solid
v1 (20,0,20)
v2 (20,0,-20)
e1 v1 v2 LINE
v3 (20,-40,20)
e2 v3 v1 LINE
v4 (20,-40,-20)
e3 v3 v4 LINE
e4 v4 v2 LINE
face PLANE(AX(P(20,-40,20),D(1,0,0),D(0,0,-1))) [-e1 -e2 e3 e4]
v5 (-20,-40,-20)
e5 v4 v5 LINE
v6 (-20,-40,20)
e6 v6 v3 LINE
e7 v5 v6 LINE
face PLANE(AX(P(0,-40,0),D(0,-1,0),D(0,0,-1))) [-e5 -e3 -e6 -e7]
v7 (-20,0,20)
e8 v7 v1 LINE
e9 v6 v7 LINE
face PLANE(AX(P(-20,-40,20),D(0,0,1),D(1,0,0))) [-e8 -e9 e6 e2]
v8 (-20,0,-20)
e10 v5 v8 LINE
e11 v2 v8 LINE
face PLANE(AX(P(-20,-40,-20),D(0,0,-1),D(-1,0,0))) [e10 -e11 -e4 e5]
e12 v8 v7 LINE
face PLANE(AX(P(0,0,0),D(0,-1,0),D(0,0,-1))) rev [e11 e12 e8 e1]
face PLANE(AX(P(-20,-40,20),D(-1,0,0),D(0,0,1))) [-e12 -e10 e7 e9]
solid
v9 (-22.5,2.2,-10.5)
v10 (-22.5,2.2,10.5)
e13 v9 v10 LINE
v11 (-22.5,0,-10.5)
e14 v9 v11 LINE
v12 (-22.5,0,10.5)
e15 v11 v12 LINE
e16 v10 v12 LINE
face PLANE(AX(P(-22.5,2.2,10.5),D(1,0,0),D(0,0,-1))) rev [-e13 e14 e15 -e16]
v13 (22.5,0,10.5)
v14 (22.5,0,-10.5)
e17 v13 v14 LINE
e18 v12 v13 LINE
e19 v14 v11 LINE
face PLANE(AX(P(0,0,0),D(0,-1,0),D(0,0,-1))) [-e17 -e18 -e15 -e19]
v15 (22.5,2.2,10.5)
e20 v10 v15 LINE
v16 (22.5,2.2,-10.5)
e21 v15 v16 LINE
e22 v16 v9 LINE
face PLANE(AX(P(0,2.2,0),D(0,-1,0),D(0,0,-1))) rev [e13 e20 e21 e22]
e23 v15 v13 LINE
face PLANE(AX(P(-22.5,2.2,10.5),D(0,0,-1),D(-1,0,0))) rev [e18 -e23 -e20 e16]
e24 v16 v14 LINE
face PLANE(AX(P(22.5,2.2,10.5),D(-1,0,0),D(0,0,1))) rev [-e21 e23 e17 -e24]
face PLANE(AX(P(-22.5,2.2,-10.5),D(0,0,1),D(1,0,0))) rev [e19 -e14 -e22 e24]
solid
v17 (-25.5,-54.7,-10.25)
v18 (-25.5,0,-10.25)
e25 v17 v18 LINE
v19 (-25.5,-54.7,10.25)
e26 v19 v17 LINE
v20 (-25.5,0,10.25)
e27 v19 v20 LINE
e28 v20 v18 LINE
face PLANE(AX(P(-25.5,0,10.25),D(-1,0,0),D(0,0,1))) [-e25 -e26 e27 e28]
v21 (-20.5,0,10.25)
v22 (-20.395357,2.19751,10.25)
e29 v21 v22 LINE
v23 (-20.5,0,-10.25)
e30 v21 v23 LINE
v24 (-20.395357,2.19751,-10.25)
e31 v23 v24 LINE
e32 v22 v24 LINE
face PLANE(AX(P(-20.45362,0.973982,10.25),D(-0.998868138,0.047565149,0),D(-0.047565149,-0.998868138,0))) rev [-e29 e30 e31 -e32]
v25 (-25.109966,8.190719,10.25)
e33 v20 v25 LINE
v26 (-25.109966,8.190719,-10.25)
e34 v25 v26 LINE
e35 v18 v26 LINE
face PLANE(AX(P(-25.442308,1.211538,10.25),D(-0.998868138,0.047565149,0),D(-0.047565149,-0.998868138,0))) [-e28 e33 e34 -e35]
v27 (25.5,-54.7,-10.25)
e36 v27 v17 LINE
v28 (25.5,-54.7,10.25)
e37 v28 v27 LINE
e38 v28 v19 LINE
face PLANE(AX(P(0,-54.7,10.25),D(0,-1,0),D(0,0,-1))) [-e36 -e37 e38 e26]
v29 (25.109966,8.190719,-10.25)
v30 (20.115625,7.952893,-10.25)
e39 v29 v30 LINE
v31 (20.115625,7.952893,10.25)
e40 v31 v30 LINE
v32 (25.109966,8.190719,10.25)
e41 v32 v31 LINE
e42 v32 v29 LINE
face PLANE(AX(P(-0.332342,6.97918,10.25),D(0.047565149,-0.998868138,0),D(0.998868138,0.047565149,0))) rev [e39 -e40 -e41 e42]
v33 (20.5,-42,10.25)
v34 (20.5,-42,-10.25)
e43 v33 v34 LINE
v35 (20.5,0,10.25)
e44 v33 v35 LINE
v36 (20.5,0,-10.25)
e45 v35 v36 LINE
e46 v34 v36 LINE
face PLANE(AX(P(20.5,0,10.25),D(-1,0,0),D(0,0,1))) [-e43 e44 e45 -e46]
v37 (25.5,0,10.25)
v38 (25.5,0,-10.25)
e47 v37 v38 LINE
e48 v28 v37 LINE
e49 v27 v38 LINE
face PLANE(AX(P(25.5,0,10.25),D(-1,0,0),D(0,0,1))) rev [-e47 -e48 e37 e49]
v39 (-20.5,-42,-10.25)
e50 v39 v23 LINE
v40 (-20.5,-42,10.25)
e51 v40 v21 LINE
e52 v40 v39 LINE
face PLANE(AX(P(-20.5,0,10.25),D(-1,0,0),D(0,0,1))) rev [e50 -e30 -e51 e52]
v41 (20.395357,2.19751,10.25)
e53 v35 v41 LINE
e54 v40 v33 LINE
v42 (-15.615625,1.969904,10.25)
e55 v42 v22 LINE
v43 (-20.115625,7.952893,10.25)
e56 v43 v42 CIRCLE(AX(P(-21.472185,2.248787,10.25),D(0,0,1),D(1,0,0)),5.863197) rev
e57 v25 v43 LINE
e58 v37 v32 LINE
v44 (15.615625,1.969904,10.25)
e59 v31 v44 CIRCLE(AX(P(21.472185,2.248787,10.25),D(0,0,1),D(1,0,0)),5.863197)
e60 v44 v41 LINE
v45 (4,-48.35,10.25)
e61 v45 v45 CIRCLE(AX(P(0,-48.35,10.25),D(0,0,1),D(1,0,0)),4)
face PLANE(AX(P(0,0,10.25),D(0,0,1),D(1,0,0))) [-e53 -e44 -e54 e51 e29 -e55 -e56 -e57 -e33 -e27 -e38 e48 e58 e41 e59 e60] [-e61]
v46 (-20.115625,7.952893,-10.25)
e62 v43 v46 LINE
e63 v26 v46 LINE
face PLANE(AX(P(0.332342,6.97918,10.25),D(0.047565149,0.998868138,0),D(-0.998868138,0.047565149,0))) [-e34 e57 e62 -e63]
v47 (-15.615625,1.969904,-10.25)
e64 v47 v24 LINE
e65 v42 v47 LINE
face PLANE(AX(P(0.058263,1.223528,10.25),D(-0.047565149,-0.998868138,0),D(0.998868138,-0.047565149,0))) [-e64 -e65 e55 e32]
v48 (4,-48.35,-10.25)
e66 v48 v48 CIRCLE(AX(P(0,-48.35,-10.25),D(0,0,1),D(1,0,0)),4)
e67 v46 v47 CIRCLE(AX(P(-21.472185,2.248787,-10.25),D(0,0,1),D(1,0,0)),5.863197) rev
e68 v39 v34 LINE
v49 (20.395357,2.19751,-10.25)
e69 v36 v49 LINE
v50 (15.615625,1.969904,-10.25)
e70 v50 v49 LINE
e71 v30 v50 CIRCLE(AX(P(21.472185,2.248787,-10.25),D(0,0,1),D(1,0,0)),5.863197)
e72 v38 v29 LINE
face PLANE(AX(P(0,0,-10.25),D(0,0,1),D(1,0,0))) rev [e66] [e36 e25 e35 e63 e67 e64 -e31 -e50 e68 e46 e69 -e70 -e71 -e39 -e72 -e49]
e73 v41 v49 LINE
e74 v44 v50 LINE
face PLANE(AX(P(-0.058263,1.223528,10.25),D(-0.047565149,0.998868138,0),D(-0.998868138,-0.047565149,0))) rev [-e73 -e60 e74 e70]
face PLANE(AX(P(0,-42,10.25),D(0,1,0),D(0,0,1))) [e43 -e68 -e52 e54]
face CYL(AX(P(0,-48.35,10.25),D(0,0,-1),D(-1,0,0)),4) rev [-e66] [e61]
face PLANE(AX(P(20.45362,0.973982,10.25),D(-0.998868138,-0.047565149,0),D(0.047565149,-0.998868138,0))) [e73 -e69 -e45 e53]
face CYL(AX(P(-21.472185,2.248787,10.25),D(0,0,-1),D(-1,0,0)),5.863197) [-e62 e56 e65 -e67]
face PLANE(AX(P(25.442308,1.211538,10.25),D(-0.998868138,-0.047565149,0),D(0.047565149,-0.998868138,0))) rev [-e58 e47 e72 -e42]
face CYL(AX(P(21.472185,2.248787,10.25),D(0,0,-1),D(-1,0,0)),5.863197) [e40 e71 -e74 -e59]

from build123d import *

# Parameters (mm, degrees)
SKETCH1_W                            = 45
SKETCH1_H                            = 21
BOSS_EXTRUDE1_DEPTH                  = 2.2
SKETCH2_W                            = 40
SKETCH2_H                            = 40
BOSS_EXTRUDE2_DEPTH                  = 40
SKETCH3_W                            = 41
SKETCH3_H                            = 12.7
SKETCH3_R                            = 4
SNAPFIT_41MM_SPACING_5MM_WIDTH_DEPTH = 10.25


with BuildPart() as part:
    # Sketch1 → Boss-Extrude1 (new body)
    with BuildSketch(Plane(origin=(0, 0, 0), x_dir=(1, 0, 0), z_dir=(0, 1, 0))):
        Rectangle(SKETCH1_W, SKETCH1_H)
    extrude(amount=BOSS_EXTRUDE1_DEPTH)


with BuildPart() as body_2:
    # Sketch2 → Boss-Extrude2 (new body)
    with BuildSketch(Plane(origin=(0, 0, 0), x_dir=(1, 0, 0), z_dir=(0, 1, 0))):
        Rectangle(SKETCH2_W, SKETCH2_H)
    extrude(amount=-BOSS_EXTRUDE2_DEPTH)


with BuildPart() as body_3:
    # Sketch3 → SnapFit-41mm_spacing-5mm_width (new, symmetric)
    # profile 1 of 3: a face of its own
    with BuildSketch(Plane.XY):
        with Locations((0, -48.35)):
            Rectangle(SKETCH3_W, SKETCH3_H)
        with Locations((0, -48.35)):
            Circle(SKETCH3_R, mode=Mode.SUBTRACT)
    # profile 2 of 3: a face of its own
    with BuildSketch(Plane.XY):
        with BuildLine():
            Line((-25.5, -54.7), (-20.5, -54.7))
            Line((-20.5, -54.7), (-20.5, -42))
            Line((-20.5, -42), (-20.5, 0))
            Line((-20.5, 0), (-20.395356671, 2.197509903))
            Line((-20.395356671, 2.197509903), (-15.615625086, 1.969903637))
            ThreePointArc((-15.615625086, 1.969903637), (-16.786428524, 5.773096985), (-20.115625086, 7.952892982))
            Line((-20.115625086, 7.952892982), (-25.109965775, 8.190718729))
            Line((-25.109965775, 8.190718729), (-25.5, 0))
            Line((-25.5, 0), (-25.5, -54.7))
        make_face()
    # profile 3 of 3: a face of its own
    with BuildSketch(Plane.XY):
        with BuildLine():
            Line((20.5, -42), (20.5, -54.7))
            Line((20.5, -54.7), (25.5, -54.7))
            Line((25.5, -54.7), (25.5, 0))
            Line((25.5, 0), (25.109965775, 8.190718729))
            Line((25.109965775, 8.190718729), (20.115625086, 7.952892982))
            ThreePointArc((20.115625086, 7.952892982), (16.786428524, 5.773096985), (15.615625086, 1.969903637))
            Line((15.615625086, 1.969903637), (20.395356671, 2.197509903))
            Line((20.395356671, 2.197509903), (20.5, 0))
            Line((20.5, 0), (20.5, -42))
        make_face()
    extrude(amount=SNAPFIT_41MM_SPACING_5MM_WIDTH_DEPTH, both=True)


solid = Compound([part.part, body_2.part, body_3.part])
